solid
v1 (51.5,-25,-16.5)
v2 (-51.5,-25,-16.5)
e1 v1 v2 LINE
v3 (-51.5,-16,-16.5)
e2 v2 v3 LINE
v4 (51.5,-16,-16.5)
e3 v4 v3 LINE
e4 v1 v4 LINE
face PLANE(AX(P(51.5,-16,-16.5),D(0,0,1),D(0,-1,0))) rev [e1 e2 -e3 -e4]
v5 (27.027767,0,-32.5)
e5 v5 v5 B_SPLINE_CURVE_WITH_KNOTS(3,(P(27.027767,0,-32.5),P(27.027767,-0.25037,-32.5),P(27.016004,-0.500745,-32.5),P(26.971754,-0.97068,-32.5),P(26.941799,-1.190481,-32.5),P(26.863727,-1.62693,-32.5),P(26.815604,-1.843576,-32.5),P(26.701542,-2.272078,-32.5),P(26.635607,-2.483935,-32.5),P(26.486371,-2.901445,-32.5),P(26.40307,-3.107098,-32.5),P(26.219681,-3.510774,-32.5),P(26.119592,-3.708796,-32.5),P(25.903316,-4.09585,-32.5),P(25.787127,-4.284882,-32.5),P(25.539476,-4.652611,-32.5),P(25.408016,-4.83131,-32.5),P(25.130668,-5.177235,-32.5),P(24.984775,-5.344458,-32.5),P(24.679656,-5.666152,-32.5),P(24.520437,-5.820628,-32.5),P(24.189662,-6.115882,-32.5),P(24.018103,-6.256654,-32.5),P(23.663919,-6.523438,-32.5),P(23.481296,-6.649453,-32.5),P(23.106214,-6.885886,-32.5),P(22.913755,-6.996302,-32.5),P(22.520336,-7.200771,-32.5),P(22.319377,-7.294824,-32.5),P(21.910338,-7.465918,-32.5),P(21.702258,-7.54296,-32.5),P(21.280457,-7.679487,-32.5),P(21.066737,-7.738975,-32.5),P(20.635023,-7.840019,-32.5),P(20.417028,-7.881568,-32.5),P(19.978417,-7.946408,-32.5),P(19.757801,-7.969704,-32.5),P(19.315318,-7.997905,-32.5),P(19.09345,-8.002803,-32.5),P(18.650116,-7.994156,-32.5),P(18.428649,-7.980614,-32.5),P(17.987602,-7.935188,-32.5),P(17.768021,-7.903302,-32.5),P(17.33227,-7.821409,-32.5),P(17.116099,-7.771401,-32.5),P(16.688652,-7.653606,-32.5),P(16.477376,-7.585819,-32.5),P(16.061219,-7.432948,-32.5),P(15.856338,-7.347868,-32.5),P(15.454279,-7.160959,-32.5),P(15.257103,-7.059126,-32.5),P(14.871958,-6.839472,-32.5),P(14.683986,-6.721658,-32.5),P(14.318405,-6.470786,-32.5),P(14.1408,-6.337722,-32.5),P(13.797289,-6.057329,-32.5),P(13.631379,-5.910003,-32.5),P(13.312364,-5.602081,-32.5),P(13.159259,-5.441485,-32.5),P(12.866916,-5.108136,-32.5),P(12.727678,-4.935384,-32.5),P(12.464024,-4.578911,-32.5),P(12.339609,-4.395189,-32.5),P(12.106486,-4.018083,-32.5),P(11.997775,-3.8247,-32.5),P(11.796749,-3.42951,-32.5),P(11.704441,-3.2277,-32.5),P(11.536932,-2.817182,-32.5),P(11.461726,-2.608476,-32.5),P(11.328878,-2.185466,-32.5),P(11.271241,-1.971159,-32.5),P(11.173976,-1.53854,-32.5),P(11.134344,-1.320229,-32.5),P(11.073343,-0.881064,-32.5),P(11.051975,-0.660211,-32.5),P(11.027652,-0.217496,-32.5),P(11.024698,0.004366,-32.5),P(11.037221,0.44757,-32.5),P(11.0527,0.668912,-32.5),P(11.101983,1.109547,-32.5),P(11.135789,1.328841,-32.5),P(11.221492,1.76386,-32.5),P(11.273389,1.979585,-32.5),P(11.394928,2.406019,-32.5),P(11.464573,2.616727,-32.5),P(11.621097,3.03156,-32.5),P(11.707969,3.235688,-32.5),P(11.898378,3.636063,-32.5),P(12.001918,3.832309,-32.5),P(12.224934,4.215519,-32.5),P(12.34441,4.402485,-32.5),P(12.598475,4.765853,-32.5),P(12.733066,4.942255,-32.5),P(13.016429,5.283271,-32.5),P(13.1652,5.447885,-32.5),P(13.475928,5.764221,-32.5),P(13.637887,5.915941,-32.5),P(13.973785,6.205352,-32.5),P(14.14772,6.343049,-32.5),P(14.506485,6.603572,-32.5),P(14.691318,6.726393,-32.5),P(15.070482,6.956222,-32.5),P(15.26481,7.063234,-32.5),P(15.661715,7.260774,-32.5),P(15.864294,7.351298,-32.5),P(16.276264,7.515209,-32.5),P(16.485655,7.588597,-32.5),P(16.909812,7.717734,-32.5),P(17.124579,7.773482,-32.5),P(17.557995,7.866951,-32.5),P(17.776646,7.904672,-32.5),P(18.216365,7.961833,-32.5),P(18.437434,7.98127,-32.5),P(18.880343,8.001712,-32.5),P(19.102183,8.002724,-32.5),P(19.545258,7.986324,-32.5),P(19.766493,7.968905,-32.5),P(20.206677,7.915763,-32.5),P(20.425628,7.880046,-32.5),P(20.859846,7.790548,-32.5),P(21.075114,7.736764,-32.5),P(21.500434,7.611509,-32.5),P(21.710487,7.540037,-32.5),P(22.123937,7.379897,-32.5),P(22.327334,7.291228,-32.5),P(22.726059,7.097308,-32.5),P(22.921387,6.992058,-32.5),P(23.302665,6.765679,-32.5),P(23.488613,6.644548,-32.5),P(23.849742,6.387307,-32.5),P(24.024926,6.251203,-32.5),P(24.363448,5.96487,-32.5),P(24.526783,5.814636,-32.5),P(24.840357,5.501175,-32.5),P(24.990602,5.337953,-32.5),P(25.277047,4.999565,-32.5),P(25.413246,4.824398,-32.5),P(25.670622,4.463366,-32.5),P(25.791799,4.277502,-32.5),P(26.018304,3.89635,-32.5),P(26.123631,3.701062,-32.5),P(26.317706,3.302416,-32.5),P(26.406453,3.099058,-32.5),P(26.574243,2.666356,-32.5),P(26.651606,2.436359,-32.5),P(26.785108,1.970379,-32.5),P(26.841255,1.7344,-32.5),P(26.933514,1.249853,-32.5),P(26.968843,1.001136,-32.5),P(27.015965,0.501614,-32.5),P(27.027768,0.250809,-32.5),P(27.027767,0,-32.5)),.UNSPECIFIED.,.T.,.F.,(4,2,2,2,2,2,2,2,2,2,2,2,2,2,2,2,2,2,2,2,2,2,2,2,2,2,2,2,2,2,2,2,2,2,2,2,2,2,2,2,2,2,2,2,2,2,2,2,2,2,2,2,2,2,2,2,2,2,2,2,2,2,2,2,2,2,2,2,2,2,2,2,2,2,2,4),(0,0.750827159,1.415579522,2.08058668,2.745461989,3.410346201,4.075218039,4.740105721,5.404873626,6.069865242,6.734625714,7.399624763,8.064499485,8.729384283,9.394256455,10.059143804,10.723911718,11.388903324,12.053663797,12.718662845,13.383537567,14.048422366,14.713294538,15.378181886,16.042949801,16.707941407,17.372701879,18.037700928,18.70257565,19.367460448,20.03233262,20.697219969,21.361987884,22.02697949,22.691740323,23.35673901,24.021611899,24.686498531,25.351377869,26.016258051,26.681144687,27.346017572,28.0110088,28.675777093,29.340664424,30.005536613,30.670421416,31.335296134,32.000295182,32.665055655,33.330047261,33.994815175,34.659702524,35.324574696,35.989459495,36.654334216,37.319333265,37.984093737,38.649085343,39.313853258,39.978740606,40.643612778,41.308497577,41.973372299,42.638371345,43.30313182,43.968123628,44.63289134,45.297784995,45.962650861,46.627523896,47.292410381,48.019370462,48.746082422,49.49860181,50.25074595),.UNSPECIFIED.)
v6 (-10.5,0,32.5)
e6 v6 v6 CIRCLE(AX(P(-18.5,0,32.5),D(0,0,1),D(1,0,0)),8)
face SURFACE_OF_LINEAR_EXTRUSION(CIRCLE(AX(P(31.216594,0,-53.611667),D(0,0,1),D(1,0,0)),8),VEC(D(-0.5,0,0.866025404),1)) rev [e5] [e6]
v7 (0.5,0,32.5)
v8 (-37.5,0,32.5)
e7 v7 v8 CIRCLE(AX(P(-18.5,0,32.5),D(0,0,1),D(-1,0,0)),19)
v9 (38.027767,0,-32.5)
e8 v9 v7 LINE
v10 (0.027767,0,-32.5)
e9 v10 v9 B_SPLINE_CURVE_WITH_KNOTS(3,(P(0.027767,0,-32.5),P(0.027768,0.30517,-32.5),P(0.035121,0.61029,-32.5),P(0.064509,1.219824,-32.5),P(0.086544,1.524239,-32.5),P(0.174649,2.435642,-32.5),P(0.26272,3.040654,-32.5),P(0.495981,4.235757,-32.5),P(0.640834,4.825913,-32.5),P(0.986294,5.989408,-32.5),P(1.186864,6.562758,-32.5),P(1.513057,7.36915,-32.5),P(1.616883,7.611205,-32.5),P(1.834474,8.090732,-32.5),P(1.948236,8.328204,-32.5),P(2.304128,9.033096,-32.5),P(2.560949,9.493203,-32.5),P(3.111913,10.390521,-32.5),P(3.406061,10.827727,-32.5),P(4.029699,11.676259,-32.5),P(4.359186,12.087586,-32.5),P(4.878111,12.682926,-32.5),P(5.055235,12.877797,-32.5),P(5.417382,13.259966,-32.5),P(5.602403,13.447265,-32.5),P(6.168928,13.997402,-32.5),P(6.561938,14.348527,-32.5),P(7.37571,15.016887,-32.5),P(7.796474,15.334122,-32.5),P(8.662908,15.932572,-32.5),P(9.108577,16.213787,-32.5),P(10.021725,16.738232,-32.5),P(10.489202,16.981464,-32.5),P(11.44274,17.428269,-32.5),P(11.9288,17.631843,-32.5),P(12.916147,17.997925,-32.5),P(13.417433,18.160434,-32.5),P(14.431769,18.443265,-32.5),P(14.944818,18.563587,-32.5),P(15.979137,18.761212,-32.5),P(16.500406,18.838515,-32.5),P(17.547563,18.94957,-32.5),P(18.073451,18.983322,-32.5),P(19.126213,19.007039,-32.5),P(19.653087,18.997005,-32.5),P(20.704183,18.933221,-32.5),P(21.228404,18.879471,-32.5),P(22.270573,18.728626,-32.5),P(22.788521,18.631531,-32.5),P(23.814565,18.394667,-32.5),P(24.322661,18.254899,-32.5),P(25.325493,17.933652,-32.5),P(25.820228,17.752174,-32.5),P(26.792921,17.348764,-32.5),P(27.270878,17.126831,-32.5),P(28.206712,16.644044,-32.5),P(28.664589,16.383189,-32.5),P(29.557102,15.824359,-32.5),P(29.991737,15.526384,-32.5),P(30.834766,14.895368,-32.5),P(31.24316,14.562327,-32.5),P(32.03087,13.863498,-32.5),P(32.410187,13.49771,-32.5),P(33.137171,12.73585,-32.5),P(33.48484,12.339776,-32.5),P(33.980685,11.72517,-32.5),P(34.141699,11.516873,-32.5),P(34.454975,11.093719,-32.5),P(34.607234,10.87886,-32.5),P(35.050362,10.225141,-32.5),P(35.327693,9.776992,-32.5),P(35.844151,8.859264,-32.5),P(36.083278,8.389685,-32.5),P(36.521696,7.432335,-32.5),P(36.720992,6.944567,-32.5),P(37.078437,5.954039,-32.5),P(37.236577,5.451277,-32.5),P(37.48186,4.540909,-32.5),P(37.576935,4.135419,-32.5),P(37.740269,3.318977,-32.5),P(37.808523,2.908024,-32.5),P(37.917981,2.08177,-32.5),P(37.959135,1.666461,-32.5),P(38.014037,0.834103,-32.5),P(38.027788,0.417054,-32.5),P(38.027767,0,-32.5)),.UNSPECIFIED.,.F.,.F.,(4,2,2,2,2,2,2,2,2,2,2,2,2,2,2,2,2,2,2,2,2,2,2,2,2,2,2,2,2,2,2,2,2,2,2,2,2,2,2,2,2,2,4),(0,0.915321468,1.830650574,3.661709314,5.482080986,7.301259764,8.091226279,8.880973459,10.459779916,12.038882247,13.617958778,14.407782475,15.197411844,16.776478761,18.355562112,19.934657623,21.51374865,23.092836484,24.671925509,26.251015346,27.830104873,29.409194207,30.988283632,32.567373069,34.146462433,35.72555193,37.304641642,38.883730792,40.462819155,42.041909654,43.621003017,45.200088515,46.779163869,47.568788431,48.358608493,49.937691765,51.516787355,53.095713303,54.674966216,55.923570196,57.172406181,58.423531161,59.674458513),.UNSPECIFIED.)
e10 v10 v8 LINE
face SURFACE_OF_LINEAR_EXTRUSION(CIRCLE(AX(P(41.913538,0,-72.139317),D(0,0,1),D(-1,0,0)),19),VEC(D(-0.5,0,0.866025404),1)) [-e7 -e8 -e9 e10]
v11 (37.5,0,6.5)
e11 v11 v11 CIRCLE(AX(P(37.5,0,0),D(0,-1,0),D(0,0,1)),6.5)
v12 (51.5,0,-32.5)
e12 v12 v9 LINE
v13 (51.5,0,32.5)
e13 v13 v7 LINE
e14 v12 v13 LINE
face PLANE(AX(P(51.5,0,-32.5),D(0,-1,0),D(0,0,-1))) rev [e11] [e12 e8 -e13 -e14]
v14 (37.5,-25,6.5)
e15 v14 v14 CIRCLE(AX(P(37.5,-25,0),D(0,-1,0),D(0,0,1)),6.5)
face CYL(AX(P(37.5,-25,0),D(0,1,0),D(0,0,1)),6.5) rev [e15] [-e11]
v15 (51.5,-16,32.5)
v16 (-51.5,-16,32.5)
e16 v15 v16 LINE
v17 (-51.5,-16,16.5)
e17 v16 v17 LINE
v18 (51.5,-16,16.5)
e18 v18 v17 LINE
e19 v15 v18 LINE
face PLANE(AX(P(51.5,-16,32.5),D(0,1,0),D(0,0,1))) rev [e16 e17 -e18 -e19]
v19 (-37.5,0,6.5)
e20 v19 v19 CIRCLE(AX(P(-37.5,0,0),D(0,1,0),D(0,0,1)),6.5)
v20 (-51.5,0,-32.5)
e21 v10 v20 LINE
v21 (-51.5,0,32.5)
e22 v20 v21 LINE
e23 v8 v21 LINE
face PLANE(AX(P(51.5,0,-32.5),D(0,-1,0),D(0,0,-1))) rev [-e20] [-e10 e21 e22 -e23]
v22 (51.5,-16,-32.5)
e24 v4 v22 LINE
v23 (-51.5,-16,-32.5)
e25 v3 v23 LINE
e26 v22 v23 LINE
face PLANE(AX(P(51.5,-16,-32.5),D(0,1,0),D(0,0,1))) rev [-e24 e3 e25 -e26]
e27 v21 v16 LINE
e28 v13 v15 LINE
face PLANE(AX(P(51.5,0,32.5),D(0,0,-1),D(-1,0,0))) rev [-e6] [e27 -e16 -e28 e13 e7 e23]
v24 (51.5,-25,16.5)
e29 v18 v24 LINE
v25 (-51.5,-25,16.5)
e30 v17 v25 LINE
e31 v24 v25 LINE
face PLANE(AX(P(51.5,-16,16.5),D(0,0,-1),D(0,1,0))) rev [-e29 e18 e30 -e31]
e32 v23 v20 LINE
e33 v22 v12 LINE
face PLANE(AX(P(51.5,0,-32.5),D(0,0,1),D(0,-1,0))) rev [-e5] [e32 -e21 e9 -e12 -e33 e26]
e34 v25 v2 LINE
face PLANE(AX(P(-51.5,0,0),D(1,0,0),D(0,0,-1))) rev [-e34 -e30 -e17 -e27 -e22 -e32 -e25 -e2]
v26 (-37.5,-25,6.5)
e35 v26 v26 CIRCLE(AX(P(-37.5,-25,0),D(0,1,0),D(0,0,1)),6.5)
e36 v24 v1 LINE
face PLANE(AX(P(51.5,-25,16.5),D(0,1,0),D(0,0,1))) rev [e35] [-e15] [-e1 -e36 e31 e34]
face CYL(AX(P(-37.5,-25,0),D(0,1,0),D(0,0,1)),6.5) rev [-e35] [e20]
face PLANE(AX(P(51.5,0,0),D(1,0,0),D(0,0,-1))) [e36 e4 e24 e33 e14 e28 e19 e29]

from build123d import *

# Parameters (mm, degrees)
BOSS_EXTRUDE1_DEPTH = 51.5
SKETCH2_R           = 6.5
CUT_EXTRUDE1_DEPTH  = 66.829324772
BOSS_EXTRUDE4_DEPTH = 75.055534995
SKETCH7_R           = 8
CUT_EXTRUDE3_DEPTH  = 86.666666667


with BuildPart() as part:
    # Sketch1 → Boss-Extrude1 (new, symmetric)
    with BuildSketch(Plane(origin=(0, 0, 0), x_dir=(0, 0, -1), z_dir=(1, 0, 0))):
        Polygon((32.5, 0), (-32.5, 0), (-32.5, -16), (-16.5, -16), (-16.5, -25), (16.5, -25), (16.5, -16), (32.5, -16), align=None)
    extrude(amount=BOSS_EXTRUDE1_DEPTH, both=True)

    # Sketch2 → Cut-Extrude1 (cut, through all)
    with BuildSketch(Plane(origin=(0, 0, 0), x_dir=(1, 0, 0), z_dir=(0, 1, 0))):
        with Locations(Location((-37.5, 0, 0), (0, 0, 270))):
            Circle(SKETCH2_R)
    cut_extrude1 = extrude(amount=-CUT_EXTRUDE1_DEPTH, mode=Mode.SUBTRACT)

    # Mirror1: Cut-Extrude1 across plane
    add(cut_extrude1.mirror(Plane(origin=(0, 0, 0), x_dir=(0, 0, 1), z_dir=(1, 0, 0))), mode=Mode.SUBTRACT)

    # Sketch5 → Boss-Extrude4 (add, along a direction that is not the sketch's normal)
    with BuildSketch(Plane.XY.offset(32.5)):
        with BuildLine():
            Line((0.5, 0), (-37.5, 0))
            ThreePointArc((-37.5, 0), (-18.5, 19), (0.5, 0))
        make_face()
    extrude(amount=-BOSS_EXTRUDE4_DEPTH, dir=(-0.5000000000000041, 0, 0.8660254037844363))

    # Sketch7 → Cut-Extrude3 (cut, along a direction that is not the sketch's normal)
    with BuildSketch(Plane.XY.offset(32.5)):
        with Locations((-18.5, 0)):
            Circle(SKETCH7_R)
    extrude(amount=-CUT_EXTRUDE3_DEPTH, dir=(-0.5000000000000041, 0, 0.8660254037844363), mode=Mode.SUBTRACT)


solid = part.part
